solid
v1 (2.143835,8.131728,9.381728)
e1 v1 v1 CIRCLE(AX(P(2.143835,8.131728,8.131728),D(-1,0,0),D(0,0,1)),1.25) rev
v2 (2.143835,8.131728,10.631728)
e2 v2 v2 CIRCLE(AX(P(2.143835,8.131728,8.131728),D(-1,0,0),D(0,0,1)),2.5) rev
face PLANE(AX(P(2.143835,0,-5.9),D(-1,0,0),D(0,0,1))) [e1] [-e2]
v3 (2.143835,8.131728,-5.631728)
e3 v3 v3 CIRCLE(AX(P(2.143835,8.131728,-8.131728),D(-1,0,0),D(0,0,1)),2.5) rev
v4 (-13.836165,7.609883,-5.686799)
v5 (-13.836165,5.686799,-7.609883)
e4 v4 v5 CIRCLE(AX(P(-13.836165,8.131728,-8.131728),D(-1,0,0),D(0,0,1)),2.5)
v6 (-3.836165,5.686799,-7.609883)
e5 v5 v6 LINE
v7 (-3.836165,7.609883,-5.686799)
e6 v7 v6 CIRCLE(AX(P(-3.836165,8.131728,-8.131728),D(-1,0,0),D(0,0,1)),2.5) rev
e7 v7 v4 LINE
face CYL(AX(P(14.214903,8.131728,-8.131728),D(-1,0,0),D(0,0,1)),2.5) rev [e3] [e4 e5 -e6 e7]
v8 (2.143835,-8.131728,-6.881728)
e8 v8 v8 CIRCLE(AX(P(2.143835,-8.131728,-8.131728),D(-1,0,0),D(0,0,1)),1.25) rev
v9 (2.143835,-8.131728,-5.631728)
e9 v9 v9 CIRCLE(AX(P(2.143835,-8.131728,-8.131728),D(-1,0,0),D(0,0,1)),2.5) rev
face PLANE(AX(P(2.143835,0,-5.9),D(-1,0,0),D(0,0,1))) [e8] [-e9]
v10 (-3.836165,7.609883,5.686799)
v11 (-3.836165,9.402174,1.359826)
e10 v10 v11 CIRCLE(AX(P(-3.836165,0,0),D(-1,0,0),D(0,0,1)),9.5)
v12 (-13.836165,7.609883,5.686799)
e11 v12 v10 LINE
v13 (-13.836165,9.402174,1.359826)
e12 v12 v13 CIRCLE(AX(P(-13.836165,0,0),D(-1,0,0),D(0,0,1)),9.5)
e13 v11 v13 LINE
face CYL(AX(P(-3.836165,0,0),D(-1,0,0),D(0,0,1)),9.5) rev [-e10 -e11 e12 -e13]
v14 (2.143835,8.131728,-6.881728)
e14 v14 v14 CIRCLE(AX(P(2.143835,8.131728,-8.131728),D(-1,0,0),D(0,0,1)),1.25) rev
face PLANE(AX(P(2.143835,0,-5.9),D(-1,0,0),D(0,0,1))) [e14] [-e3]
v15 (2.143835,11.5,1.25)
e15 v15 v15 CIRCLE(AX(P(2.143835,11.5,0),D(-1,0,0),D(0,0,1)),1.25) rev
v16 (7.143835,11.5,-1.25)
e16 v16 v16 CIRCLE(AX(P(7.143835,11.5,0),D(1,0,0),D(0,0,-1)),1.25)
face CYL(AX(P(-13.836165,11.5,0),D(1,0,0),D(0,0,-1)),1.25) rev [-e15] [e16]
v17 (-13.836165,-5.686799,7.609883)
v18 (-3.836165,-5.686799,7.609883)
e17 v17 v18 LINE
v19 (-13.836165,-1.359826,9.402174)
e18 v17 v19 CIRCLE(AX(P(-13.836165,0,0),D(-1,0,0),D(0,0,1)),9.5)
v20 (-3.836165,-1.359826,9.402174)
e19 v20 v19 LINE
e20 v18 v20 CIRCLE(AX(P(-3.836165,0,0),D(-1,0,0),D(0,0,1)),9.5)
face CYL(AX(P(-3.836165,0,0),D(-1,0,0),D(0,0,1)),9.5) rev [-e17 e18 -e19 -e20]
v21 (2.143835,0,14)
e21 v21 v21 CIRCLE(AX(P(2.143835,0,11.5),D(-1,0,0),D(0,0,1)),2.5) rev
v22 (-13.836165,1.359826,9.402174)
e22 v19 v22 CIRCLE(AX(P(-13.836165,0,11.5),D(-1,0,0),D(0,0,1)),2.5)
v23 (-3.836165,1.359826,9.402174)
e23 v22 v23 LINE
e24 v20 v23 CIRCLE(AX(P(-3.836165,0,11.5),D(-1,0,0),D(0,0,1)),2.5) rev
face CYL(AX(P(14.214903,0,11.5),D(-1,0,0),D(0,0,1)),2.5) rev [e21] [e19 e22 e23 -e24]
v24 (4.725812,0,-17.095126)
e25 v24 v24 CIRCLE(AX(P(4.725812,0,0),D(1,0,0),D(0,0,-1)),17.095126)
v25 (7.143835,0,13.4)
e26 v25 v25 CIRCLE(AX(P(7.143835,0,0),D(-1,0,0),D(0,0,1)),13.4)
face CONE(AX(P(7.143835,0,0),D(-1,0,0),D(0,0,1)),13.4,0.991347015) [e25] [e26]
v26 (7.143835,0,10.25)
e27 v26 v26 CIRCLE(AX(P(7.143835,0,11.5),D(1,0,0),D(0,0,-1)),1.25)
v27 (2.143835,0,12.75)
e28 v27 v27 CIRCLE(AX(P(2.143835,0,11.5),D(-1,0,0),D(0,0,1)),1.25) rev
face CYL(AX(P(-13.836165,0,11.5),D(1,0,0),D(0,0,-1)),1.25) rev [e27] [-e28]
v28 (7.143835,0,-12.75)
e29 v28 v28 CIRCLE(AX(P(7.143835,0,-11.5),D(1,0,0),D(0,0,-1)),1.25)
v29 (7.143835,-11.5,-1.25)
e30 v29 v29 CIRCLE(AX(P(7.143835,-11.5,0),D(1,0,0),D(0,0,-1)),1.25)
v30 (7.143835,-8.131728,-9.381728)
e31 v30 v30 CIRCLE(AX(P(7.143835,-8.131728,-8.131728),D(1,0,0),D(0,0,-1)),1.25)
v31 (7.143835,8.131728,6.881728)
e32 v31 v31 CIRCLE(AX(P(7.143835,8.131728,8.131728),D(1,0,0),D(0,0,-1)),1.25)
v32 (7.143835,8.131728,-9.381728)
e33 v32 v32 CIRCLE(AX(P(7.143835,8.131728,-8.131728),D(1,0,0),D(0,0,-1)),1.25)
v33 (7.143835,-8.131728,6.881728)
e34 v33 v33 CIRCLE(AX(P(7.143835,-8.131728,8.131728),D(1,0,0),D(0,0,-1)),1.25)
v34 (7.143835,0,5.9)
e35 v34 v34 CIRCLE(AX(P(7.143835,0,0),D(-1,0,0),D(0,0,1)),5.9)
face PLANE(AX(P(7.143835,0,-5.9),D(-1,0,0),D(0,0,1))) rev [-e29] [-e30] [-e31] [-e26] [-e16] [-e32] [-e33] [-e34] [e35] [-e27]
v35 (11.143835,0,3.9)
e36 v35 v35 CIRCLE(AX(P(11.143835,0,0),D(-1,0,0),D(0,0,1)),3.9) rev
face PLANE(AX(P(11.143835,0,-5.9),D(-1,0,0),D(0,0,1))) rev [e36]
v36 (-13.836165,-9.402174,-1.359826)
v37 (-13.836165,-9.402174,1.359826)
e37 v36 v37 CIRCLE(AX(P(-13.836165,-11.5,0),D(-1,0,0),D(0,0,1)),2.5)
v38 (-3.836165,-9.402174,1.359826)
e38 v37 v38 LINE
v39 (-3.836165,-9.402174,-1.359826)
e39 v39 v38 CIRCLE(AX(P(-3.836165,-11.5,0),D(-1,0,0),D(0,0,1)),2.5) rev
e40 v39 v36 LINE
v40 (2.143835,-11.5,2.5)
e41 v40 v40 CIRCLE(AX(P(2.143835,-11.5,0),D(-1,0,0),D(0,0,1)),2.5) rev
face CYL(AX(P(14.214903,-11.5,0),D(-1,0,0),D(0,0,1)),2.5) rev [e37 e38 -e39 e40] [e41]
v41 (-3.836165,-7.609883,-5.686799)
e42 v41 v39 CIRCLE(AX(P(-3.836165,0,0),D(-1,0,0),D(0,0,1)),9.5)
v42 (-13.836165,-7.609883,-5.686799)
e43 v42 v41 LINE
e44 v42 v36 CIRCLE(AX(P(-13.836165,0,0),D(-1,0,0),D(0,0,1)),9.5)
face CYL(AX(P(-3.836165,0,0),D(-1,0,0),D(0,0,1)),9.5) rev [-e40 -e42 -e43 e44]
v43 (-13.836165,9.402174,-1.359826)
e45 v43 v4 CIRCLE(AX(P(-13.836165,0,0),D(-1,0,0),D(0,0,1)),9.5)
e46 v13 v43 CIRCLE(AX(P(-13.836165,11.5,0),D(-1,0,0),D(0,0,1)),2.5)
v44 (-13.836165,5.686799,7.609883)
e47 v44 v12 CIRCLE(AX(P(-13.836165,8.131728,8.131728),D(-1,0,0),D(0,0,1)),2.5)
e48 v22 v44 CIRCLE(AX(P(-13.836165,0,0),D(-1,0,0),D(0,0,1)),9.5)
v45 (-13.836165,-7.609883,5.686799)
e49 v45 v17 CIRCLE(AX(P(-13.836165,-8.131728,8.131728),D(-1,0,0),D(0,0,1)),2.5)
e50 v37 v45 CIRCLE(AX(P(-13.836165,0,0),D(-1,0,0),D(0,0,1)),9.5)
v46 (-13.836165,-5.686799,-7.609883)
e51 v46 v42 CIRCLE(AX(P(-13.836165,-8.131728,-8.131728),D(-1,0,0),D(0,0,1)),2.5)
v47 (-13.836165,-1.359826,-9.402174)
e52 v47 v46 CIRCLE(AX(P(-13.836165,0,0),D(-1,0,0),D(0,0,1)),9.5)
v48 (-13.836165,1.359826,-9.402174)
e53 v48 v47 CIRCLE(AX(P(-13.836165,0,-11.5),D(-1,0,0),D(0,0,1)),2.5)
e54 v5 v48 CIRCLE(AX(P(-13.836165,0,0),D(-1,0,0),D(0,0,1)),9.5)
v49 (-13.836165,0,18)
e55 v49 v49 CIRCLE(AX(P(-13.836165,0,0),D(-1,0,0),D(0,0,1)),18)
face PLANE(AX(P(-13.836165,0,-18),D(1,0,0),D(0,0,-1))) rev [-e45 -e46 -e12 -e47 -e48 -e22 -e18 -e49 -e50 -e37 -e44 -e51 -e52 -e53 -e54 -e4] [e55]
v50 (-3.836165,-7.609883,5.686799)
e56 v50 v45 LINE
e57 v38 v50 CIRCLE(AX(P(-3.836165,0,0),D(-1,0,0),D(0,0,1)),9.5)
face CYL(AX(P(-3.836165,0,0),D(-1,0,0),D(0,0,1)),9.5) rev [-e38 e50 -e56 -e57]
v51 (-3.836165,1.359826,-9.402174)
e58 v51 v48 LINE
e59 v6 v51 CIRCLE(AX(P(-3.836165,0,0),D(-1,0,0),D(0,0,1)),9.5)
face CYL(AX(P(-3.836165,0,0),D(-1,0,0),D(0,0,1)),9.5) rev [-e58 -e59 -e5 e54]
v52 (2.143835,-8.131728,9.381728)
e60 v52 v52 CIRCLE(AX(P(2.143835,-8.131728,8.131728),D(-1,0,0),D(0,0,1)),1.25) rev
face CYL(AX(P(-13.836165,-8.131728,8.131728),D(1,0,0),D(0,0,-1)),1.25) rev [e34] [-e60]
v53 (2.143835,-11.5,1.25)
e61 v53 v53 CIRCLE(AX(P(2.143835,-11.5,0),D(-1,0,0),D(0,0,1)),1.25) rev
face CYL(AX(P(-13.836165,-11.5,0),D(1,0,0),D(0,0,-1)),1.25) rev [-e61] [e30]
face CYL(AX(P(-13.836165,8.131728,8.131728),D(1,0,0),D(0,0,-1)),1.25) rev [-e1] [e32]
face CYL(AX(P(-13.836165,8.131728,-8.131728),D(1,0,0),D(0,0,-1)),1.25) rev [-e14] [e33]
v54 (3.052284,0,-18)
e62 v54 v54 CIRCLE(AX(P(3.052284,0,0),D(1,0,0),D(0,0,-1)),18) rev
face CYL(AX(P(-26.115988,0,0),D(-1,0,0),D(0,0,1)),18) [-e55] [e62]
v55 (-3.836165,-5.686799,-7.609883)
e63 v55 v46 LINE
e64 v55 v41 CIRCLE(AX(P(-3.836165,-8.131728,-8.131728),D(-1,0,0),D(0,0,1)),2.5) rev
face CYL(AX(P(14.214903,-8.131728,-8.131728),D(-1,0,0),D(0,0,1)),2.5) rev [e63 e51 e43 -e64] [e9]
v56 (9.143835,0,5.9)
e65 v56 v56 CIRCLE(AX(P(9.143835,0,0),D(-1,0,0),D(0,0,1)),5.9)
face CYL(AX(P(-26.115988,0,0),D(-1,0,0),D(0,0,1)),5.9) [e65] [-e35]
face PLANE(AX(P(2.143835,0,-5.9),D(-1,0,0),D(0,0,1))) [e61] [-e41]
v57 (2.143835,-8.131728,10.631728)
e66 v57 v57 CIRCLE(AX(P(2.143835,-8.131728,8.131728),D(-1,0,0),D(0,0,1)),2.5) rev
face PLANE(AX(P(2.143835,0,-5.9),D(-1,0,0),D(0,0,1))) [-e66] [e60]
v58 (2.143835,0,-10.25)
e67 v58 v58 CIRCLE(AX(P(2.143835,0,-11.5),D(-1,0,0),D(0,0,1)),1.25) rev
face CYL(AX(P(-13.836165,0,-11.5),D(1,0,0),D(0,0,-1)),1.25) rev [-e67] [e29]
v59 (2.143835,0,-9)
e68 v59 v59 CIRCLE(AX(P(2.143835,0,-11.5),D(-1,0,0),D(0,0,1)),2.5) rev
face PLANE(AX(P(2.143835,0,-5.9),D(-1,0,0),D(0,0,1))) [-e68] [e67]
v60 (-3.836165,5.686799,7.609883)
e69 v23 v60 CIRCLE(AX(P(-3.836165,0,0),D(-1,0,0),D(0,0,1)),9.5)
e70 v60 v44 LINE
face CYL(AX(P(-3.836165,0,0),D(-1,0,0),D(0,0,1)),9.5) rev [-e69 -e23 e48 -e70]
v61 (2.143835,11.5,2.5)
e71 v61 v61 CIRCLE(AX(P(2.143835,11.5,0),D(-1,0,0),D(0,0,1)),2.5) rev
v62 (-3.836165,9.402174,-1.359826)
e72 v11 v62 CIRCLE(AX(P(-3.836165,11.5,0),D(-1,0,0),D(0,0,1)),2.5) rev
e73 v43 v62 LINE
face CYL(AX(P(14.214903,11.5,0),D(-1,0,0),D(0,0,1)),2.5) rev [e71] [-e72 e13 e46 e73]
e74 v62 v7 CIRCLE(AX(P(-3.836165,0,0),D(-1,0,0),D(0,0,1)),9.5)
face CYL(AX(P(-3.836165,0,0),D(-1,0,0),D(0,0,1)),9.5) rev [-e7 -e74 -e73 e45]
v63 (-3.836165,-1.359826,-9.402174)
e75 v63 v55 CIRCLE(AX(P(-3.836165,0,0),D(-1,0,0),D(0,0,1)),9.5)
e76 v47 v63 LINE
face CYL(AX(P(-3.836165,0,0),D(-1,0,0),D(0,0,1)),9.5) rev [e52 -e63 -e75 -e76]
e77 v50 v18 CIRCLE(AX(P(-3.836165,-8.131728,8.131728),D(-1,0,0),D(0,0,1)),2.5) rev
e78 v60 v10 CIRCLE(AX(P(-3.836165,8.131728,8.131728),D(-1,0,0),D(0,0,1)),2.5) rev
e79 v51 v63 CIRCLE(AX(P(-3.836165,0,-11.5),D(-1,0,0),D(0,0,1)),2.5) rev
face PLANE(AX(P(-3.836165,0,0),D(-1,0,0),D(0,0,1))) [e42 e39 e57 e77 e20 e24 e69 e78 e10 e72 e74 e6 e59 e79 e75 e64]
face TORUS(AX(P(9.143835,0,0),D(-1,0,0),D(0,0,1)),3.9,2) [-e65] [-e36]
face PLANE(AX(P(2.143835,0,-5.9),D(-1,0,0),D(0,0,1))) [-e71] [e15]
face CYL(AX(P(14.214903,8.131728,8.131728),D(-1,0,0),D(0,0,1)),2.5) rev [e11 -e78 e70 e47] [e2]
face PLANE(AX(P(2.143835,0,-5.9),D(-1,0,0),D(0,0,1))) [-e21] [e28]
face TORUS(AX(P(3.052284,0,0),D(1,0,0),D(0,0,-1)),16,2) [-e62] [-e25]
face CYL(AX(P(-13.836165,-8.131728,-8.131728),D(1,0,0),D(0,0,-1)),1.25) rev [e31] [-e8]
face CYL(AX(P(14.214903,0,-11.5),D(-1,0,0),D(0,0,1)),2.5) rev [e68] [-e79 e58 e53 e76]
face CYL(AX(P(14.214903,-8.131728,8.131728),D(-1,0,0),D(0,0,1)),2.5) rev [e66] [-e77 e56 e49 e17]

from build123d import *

# Parameters (mm, degrees)
SKETCH2_R          = 1.25
CUT_EXTRUDE1_DEPTH = 21.98
SKETCH3_R          = 2.5
CUT_EXTRUDE2_DEPTH = 15.98
SKETCH4_R          = 9.5
CUT_EXTRUDE3_DEPTH = 10
FILLET1_R          = 2
FILLET2_R          = 2


with BuildPart() as part:
    # Sketch1 → Revolve1 (revolve)
    with BuildSketch(Plane(origin=(0, 0, 0), x_dir=(1, 0, 0), z_dir=(0, 1, 0))):
        Polygon((7.143835403, 5.9), (7.143835403, 13.4), (4.13367975, 18), (-13.836164597, 18), (-13.836164597, 0), (7.143835403, 0), (11.143835403, 0), (11.143835403, 5.9), align=None)
    revolve(axis=Axis((-26.115988439, 0, 0), (1, 0, 0)))

    # Sketch2 → Cut-Extrude1 (cut, through all)
    with BuildSketch(Plane(origin=(7.143835403, 0, 0), x_dir=(0, 0, -1), z_dir=(1, 0, 0))):
        with Locations((0, 11.5)):
            Circle(SKETCH2_R)
        with Locations((8.131727984, 8.131727984)):
            Circle(SKETCH2_R)
        with Locations((11.5, 0)):
            Circle(SKETCH2_R)
        with Locations((8.131727984, -8.131727984)):
            Circle(SKETCH2_R)
        with Locations((0, -11.5)):
            Circle(SKETCH2_R)
        with Locations((-8.131727984, -8.131727984)):
            Circle(SKETCH2_R)
        with Locations((-11.5, 0)):
            Circle(SKETCH2_R)
        with Locations((-8.131727984, 8.131727984)):
            Circle(SKETCH2_R)
    extrude(amount=-CUT_EXTRUDE1_DEPTH, mode=Mode.SUBTRACT)

    # Sketch3 → Cut-Extrude2 (cut)
    with BuildSketch(Plane.ZY.offset(13.836164597)):
        with Locations((0, 11.5)):
            Circle(SKETCH3_R)
        with Locations((8.131727984, 8.131727984)):
            Circle(SKETCH3_R)
        with Locations((11.5, 0)):
            Circle(SKETCH3_R)
        with Locations((8.131727984, -8.131727984)):
            Circle(SKETCH3_R)
        with Locations((0, -11.5)):
            Circle(SKETCH3_R)
        with Locations((-8.131727984, -8.131727984)):
            Circle(SKETCH3_R)
        with Locations((-11.5, 0)):
            Circle(SKETCH3_R)
        with Locations((-8.131727984, 8.131727984)):
            Circle(SKETCH3_R)
    extrude(amount=-CUT_EXTRUDE2_DEPTH, mode=Mode.SUBTRACT)

    # Sketch4 → Cut-Extrude3 (cut)
    with BuildSketch(Plane.ZY.offset(13.836164597)):
        Circle(SKETCH4_R)
    extrude(amount=-CUT_EXTRUDE3_DEPTH, mode=Mode.SUBTRACT)

    # Fillet1
    fillet1_edges = [part.edges().sort_by_distance(p)[0] for p in [
        (11.143835403, 0, 5.9),
    ]]
    fillet(fillet1_edges, radius=FILLET1_R)

    # Fillet2
    fillet2_edges = [part.edges().sort_by_distance(p)[0] for p in [
        (4.13367975, 0, 18),
    ]]
    fillet(fillet2_edges, radius=FILLET2_R)


solid = part.part
